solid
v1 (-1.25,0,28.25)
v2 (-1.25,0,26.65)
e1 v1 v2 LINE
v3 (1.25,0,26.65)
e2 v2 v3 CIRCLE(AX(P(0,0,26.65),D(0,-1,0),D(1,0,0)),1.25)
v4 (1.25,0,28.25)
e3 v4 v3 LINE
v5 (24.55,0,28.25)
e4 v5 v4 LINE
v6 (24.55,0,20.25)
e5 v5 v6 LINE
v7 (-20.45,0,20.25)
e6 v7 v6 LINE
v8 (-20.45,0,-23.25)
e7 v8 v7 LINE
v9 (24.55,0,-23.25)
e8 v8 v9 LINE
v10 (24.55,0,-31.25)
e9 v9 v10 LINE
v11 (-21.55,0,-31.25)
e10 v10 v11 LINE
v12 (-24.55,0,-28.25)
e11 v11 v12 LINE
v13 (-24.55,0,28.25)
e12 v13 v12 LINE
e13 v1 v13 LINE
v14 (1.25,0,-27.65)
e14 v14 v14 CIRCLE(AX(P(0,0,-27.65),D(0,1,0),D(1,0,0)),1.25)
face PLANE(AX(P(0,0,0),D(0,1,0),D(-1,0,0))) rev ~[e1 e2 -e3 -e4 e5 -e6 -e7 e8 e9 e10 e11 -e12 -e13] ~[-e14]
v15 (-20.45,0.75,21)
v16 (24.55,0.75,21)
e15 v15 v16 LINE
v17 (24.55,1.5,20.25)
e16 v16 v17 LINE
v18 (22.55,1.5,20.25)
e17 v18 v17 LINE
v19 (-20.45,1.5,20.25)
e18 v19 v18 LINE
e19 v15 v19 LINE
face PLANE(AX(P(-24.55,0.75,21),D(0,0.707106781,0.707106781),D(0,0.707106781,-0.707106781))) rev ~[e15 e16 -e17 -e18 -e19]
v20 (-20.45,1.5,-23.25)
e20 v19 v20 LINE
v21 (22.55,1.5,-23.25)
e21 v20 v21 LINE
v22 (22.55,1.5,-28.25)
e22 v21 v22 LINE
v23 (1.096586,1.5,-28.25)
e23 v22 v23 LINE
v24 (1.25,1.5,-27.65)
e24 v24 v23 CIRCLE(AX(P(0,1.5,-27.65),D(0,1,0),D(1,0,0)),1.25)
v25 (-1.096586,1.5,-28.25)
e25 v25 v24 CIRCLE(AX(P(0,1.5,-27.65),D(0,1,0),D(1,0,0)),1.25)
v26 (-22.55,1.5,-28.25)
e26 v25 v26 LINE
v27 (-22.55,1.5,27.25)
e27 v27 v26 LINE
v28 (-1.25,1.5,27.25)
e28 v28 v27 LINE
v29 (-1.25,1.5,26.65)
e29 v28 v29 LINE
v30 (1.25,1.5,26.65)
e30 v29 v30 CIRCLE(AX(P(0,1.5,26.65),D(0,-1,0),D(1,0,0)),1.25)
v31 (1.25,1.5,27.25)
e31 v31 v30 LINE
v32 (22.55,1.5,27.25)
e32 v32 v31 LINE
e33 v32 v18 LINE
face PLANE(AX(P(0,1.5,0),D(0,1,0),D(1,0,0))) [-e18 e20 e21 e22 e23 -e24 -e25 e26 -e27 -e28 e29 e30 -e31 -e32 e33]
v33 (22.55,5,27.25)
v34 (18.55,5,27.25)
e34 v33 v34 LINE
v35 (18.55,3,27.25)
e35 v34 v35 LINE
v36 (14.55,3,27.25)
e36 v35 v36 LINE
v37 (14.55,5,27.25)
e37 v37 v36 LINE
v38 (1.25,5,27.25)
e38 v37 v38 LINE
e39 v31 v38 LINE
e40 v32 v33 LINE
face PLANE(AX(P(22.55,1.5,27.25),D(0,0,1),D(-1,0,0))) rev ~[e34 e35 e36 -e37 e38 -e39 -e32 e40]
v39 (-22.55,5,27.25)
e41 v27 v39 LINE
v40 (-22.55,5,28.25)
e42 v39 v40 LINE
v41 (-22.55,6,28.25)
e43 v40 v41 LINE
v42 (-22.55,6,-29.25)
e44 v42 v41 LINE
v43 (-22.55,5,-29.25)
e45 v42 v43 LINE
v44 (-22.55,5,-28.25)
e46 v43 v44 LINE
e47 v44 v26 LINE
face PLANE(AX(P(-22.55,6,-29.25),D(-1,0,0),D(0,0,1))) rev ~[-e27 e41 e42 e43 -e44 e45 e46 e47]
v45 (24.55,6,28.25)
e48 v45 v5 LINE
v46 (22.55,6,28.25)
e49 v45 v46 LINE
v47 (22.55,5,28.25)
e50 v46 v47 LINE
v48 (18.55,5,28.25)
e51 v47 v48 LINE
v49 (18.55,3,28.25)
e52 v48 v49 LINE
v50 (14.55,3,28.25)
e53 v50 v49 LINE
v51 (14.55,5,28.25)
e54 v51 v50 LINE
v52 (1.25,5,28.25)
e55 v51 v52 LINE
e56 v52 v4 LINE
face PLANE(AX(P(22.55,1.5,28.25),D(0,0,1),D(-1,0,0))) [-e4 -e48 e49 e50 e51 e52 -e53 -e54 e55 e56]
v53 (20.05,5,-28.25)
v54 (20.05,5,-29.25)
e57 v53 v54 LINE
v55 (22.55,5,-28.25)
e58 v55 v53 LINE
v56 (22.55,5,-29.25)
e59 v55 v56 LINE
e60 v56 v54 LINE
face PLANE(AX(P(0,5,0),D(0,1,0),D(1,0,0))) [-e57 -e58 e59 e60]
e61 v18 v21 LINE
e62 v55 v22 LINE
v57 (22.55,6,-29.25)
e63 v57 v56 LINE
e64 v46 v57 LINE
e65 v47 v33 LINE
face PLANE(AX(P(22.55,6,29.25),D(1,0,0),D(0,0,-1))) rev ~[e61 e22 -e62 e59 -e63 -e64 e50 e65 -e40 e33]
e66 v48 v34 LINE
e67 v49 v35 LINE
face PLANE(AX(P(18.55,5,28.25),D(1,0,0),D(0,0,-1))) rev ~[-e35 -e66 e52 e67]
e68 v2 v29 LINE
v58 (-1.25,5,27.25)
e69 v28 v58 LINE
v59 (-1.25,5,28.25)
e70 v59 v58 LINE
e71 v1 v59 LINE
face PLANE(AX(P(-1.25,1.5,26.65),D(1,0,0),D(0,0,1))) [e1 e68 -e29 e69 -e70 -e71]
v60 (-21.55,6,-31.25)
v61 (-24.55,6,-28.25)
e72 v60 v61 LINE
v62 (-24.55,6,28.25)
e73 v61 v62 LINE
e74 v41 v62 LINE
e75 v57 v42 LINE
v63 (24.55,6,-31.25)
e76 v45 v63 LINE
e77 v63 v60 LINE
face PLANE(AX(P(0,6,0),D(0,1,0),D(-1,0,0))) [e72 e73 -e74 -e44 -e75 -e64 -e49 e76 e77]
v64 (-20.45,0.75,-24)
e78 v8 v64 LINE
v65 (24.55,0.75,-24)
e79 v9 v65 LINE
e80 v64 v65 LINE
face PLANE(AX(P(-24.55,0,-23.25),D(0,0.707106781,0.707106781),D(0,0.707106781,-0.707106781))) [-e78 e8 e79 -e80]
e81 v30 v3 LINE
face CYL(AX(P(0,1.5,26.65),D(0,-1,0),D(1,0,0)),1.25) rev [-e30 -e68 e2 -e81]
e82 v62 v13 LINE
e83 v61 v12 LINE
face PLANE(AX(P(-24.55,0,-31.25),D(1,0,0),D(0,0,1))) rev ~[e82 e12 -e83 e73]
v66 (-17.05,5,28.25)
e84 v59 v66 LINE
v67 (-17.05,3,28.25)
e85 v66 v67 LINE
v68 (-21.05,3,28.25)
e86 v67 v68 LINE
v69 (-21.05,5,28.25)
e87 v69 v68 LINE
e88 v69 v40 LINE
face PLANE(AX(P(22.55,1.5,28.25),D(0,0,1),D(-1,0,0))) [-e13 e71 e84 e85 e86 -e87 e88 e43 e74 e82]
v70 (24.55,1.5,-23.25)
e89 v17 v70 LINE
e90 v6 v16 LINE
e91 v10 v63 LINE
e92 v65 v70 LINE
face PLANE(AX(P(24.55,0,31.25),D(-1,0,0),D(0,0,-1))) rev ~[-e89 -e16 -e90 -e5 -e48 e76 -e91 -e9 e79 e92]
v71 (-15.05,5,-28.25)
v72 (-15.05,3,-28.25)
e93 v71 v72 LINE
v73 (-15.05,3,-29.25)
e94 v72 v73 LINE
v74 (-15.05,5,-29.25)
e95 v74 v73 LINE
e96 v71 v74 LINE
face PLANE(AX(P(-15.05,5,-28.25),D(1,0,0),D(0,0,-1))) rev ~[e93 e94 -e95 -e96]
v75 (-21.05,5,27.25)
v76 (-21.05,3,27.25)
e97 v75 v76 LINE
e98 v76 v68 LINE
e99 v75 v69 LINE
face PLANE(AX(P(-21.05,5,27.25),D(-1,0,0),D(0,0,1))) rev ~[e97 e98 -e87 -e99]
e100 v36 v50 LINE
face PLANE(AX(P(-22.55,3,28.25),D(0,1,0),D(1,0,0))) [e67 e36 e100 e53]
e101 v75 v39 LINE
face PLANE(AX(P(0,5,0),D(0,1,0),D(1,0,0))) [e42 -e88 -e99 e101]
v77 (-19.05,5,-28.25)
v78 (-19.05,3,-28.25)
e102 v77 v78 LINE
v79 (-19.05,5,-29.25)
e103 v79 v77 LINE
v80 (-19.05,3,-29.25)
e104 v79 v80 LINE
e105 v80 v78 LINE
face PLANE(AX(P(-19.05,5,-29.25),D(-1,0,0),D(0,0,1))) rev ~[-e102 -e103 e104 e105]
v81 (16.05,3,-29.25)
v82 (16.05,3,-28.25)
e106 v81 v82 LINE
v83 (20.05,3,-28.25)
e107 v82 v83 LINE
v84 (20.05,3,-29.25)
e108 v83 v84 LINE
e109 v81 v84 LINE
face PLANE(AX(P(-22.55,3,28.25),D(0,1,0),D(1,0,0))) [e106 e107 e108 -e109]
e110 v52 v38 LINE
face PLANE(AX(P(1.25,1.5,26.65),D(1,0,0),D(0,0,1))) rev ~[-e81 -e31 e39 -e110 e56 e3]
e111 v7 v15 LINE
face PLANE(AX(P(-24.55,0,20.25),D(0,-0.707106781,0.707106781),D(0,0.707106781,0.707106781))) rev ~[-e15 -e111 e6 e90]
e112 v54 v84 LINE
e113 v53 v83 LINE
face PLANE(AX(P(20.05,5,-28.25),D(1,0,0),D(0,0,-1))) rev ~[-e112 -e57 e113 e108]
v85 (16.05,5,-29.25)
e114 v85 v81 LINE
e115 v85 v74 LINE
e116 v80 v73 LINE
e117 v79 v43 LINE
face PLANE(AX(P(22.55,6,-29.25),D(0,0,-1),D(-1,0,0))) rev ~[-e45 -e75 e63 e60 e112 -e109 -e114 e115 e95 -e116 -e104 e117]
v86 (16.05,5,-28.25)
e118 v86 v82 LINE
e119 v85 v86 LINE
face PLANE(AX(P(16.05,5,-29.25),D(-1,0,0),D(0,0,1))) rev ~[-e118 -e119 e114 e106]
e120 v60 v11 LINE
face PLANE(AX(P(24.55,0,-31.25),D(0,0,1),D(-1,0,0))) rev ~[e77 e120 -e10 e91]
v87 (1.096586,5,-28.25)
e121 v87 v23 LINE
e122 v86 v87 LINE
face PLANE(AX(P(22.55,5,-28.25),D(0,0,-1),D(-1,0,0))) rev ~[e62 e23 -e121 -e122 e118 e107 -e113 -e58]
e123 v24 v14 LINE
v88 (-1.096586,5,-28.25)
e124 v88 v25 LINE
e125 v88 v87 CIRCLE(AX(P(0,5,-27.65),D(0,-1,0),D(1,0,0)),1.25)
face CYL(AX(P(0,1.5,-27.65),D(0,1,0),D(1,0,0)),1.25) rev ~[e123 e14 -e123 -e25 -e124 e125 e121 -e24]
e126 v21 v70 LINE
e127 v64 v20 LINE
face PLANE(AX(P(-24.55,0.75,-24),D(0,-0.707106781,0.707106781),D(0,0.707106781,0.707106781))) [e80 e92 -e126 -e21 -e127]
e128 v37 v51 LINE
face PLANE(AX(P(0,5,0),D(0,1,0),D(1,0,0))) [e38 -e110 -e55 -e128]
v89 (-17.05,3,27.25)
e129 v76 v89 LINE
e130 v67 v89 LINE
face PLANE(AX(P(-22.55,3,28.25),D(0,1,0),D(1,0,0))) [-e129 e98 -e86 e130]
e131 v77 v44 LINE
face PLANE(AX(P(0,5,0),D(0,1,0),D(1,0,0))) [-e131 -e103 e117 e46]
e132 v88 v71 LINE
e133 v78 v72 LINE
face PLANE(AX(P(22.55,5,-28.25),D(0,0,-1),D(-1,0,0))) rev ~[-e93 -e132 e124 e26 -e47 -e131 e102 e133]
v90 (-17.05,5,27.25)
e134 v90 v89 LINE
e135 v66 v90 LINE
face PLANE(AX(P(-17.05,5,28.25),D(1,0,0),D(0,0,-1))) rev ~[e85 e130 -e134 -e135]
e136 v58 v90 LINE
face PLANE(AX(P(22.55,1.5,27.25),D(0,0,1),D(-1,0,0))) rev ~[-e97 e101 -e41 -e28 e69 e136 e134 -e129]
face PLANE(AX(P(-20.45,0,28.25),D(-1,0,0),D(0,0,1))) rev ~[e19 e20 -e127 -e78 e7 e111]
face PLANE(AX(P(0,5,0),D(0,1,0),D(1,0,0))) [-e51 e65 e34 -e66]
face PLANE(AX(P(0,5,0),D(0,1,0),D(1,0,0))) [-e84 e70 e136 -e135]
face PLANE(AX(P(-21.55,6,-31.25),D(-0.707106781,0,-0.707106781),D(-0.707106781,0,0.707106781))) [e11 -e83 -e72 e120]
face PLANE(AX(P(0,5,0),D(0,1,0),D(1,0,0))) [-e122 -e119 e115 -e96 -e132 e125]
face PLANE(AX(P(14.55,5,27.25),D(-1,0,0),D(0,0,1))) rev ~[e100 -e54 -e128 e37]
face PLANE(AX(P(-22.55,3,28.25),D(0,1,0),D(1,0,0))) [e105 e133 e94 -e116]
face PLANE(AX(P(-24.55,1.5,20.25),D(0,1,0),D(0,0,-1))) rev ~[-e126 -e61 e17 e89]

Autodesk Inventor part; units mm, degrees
ref_plane "YZ Plane" through (0, 0, 0) normal (1, 0, 0) x (0, 1, 0)
ref_plane "XZ Plane" through (0, 0, 0) normal (0, 1, 0) x (-1, 0, 0)
ref_plane "XY Plane" through (0, 0, 0) normal (0, 0, 1) x (1, 0, 0)
sketch "Sketch1" plane through (0, 0, 0) normal (0, 1, 0) x (-1, 0, 0)
  line L0 (-24.55, -31.25) -> (24.55, -31.25)
  line L1 (24.55, -31.25) -> (24.55, 31.25)
  line L2 (24.55, 31.25) -> (-24.55, 31.25)
  line L3 (-24.55, 31.25) -> (-24.55, -31.25)
  line L4 (-24.55, -31.25) -> (24.55, 31.25) construction
  line L5 (24.55, -31.25) -> (-24.55, 31.25) construction
  point P0 (0, 0)
  dimension "d0" = 62.5
  dimension "d1" = 49.1
extrude "Extrusion1" add sketch "Sketch1" along normal blind 6
sketch "Sketch2" plane through (0, 6, 0) normal (0, 1, 0) x (1, 0, 0)
  line L0 (22.55, 29.25) -> (-22.55, 29.25)
  line L1 (-22.55, 29.25) -> (-22.55, -29.25)
  line L2 (-22.55, -29.25) -> (22.55, -29.25)
  line L3 (22.55, -29.25) -> (22.55, 29.25)
  line L4 (22.55, 29.25) -> (-22.55, -29.25) construction
  line L5 (-22.55, 29.25) -> (22.55, -29.25) construction
  line L6 (-24.55, 31.25) -> (-24.55, -31.25) projected
  line L7 (-24.55, -31.25) -> (24.55, -31.25) projected
  point P0 (0, 0)
  dimension "d4" = 2
  dimension "d5" = 2
extrude "Extrusion2" cut sketch "Sketch2" against normal blind 1
sketch "Sketch3" plane through (0, 5, 0) normal (0, 1, 0) x (1, 0, 0)
  line L0 (22.55, 28.25) -> (-22.55, 28.25)
  line L1 (-22.55, 28.25) -> (-22.55, -28.25)
  line L2 (-22.55, -28.25) -> (22.55, -28.25)
  line L3 (22.55, -28.25) -> (22.55, 28.25)
  line L4 (22.55, 28.25) -> (-22.55, -28.25) construction
  line L5 (-22.55, 28.25) -> (22.55, -28.25) construction
  line L6 (-22.55, 29.25) -> (22.55, 29.25) projected
  line L7 (-22.55, -29.25) -> (-22.55, 29.25) projected
  point P0 (0, 0)
  dimension "d48" = 1
extrude "Extrusion3" cut sketch "Sketch3" against normal blind 3.5
sketch "Sketch9" plane through (0, 6, 0) normal (0, 1, 0) x (1, 0, 0)
  line L0 (24.55, -28.25) -> (-24.55, -28.25)
  line L1 (-24.55, -28.25) -> (-24.55, -31.25)
  line L2 (-24.55, -31.25) -> (24.55, -31.25)
  line L3 (24.55, -31.25) -> (24.55, -28.25)
  line L4 (24.55, -31.25) -> (24.55, 31.25) projected
  line L5 (-22.55, 29.25) -> (22.55, 29.25) projected
  point P0 (0, 0)
  point P1 (-21.55, 29.25)
  point P2 (21.55, 29.25)
  dimension "d36" = 57.5
extrude "Extrusion7" cut sketch "Sketch9" against normal through all
sketch "Sketch10" plane through (0, 1.5, 0) normal (0, 1, 0) x (1, 0, 0)
  line L0 (22.55, -28.25) -> (-22.55, -28.25) projected
  line L1 (-22.55, -28.25) -> (22.55, -28.25)
  line L2 (22.55, -28.25) -> (22.55, -27.25)
  line L3 (22.55, -27.25) -> (-22.55, -27.25)
  line L4 (-22.55, -27.25) -> (-22.55, -28.25)
  point P0 (0, 0)
  point P1 (22.55, -28.25)
  dimension "d39" = 1
extrude "Extrusion8" add sketch "Sketch10" along normal up to surface (3.5 mm away)
sketch "Sketch11" plane through (0, 1.5, 0) normal (0, 1, 0) x (1, 0, 0)
  circle A0 centre (0, 27.65) radius 1.25
  circle A1 centre (0, -26.65) radius 1.25
  line L0 (1.25, -26.65) -> (1.25, -28.25)
  line L1 (-22.55, -28.25) -> (22.55, -28.25) projected
  line L2 (-1.25, -26.65) -> (-1.25, -28.25)
  point P0 (0, 0)
  dimension "d42" = 2.5
  dimension "d43" = 2.5
  dimension "d44" = 54.3
  dimension "d45" = 27.65
extrude "Extrusion9" cut sketch "Sketch11" along normal through all both and the other way through all
sketch "Sketch12" plane through (0, 6, 0) normal (0, 1, 0) x (1, 0, 0)
  line L0 (24.55, 31.25) -> (-24.55, 31.25) projected
  line L1 (-21.55, 31.25) -> (-24.55, 28.25)
  line L2 (-24.55, 31.25) -> (-24.55, -28.25) projected
  point P0 (0, 0)
  dimension "d49" = 3
  dimension "d50" = 3
extrude "Extrusion10" cut sketch "Sketch12" against normal blind 10
sketch "Sketch13" plane through (-22.55, 5, 28.25) normal (0, 1, 0) x (1, 0, 0)
  line L0 (21.3, 0) -> (-2, 0) projected
  line L1 (0, 1) -> (21.3, 1) projected
  line L2 (1.5, 0) -> (5.5, 0)
  line L3 (5.5, 0) -> (5.5, 1)
  line L4 (5.5, 1) -> (1.5, 1)
  line L5 (1.5, 1) -> (1.5, 0)
  line L6 (37.1, 0) -> (41.1, 0)
  line L7 (41.1, 0) -> (41.1, 1)
  line L8 (41.1, 1) -> (37.1, 1)
  line L9 (37.1, 1) -> (37.1, 0)
  line L10 (0, 0) -> (0, 57.5) projected
  line L11 (45.1, 57.5) -> (45.1, 0) projected
  line L12 (0, 56.5) -> (21.4534, 56.5) projected
  line L13 (0, 57.5) -> (45.1, 57.5) projected
  line L14 (3.5, 56.5) -> (7.5, 56.5)
  line L15 (7.5, 56.5) -> (7.5, 57.5)
  line L16 (7.5, 57.5) -> (3.5, 57.5)
  line L17 (3.5, 57.5) -> (3.5, 56.5)
  line L18 (38.6, 56.5) -> (42.6, 56.5)
  line L19 (42.6, 56.5) -> (42.6, 57.5)
  line L20 (42.6, 57.5) -> (38.6, 57.5)
  line L21 (38.6, 57.5) -> (38.6, 56.5)
  point P0 (22.55, 28.25)
  point P1 (38.6, 57)
  point P2 (3.5, 57.5)
  point P3 (7.5, 56.5)
  point P4 (38.6, 57.5)
  point P5 (1.5, 1)
  point P6 (5.5, 0)
  dimension "d53" = 4
  dimension "d54" = 4
  dimension "d55" = 1.5
  dimension "d56" = 4
  dimension "d57" = 3.5
  dimension "d58" = 2.5
  dimension "d59" = 4
  dimension "d60" = 4
extrude "Extrusion11" cut sketch "Sketch13" against normal blind 2 contours L13 L19 L18 L21 | L0 L5 L1 L3 | L17 L13 L15 L12 | L9 L8 L7 L6
sketch "Sketch17" plane through (-24.55, 0, 28.25) normal (-1, 0, 0) x (0, 0, 1)
  line L0 (-56.5, 0) -> (0, 0) projected
  line L1 (-1, 1.5) -> (-56.5, 1.5) projected
  line L2 (-8, 0) -> (-51.5, 0)
  line L3 (-51.5, 0) -> (-51.5, 1.5)
  line L4 (-51.5, 1.5) -> (-8, 1.5)
  line L5 (-8, 1.5) -> (-8, 0)
  line L6 (0, 0) -> (0, 6) projected
  line L7 (-8, 1.5) -> (-6, 1.5)
  line L8 (-8, 0.5) -> (-8, 1.5)
  line L9 (-8, 0) -> (-7.25, 0.75)
  line L10 (-8, 0) -> (-6.9393, 0) construction
  line L11 (-7.25, 0.75) -> (-8, 1.5)
  line L12 (-51.5, 0) -> (-52.25, 0.75)
  line L13 (-51.5, 0) -> (-50.4393, 0) construction
  line L14 (-52.25, 0.75) -> (-51.5, 1.5)
  line L15 (-59.5, 0) -> (-59.5, 6) projected
  line L16 (-8, 0) -> (-51.5, 0)
  line L17 (-51.5, 1.5) -> (-8, 1.5)
  point P0 (-28.25, 0)
  dimension "d69" = 8
  dimension "d72" = 45
  dimension "d73" = 45
  dimension "d75" = 45
  dimension "d76" = 45
  dimension "d77" = 8
extrude "Extrusion13" cut sketch "Sketch17" against normal through all
extrude "Extrusion14" add sketch "Sketch17" against normal blind 4.1
equation "\"d5\" = d4"
equation "\"d43\" = d42"
equation "\"d50\" = d49"
equation "\"d73\" = d72"
equation "\"d76\" = d75"
properties part number "Module Cover" material "ABS Plastic"
